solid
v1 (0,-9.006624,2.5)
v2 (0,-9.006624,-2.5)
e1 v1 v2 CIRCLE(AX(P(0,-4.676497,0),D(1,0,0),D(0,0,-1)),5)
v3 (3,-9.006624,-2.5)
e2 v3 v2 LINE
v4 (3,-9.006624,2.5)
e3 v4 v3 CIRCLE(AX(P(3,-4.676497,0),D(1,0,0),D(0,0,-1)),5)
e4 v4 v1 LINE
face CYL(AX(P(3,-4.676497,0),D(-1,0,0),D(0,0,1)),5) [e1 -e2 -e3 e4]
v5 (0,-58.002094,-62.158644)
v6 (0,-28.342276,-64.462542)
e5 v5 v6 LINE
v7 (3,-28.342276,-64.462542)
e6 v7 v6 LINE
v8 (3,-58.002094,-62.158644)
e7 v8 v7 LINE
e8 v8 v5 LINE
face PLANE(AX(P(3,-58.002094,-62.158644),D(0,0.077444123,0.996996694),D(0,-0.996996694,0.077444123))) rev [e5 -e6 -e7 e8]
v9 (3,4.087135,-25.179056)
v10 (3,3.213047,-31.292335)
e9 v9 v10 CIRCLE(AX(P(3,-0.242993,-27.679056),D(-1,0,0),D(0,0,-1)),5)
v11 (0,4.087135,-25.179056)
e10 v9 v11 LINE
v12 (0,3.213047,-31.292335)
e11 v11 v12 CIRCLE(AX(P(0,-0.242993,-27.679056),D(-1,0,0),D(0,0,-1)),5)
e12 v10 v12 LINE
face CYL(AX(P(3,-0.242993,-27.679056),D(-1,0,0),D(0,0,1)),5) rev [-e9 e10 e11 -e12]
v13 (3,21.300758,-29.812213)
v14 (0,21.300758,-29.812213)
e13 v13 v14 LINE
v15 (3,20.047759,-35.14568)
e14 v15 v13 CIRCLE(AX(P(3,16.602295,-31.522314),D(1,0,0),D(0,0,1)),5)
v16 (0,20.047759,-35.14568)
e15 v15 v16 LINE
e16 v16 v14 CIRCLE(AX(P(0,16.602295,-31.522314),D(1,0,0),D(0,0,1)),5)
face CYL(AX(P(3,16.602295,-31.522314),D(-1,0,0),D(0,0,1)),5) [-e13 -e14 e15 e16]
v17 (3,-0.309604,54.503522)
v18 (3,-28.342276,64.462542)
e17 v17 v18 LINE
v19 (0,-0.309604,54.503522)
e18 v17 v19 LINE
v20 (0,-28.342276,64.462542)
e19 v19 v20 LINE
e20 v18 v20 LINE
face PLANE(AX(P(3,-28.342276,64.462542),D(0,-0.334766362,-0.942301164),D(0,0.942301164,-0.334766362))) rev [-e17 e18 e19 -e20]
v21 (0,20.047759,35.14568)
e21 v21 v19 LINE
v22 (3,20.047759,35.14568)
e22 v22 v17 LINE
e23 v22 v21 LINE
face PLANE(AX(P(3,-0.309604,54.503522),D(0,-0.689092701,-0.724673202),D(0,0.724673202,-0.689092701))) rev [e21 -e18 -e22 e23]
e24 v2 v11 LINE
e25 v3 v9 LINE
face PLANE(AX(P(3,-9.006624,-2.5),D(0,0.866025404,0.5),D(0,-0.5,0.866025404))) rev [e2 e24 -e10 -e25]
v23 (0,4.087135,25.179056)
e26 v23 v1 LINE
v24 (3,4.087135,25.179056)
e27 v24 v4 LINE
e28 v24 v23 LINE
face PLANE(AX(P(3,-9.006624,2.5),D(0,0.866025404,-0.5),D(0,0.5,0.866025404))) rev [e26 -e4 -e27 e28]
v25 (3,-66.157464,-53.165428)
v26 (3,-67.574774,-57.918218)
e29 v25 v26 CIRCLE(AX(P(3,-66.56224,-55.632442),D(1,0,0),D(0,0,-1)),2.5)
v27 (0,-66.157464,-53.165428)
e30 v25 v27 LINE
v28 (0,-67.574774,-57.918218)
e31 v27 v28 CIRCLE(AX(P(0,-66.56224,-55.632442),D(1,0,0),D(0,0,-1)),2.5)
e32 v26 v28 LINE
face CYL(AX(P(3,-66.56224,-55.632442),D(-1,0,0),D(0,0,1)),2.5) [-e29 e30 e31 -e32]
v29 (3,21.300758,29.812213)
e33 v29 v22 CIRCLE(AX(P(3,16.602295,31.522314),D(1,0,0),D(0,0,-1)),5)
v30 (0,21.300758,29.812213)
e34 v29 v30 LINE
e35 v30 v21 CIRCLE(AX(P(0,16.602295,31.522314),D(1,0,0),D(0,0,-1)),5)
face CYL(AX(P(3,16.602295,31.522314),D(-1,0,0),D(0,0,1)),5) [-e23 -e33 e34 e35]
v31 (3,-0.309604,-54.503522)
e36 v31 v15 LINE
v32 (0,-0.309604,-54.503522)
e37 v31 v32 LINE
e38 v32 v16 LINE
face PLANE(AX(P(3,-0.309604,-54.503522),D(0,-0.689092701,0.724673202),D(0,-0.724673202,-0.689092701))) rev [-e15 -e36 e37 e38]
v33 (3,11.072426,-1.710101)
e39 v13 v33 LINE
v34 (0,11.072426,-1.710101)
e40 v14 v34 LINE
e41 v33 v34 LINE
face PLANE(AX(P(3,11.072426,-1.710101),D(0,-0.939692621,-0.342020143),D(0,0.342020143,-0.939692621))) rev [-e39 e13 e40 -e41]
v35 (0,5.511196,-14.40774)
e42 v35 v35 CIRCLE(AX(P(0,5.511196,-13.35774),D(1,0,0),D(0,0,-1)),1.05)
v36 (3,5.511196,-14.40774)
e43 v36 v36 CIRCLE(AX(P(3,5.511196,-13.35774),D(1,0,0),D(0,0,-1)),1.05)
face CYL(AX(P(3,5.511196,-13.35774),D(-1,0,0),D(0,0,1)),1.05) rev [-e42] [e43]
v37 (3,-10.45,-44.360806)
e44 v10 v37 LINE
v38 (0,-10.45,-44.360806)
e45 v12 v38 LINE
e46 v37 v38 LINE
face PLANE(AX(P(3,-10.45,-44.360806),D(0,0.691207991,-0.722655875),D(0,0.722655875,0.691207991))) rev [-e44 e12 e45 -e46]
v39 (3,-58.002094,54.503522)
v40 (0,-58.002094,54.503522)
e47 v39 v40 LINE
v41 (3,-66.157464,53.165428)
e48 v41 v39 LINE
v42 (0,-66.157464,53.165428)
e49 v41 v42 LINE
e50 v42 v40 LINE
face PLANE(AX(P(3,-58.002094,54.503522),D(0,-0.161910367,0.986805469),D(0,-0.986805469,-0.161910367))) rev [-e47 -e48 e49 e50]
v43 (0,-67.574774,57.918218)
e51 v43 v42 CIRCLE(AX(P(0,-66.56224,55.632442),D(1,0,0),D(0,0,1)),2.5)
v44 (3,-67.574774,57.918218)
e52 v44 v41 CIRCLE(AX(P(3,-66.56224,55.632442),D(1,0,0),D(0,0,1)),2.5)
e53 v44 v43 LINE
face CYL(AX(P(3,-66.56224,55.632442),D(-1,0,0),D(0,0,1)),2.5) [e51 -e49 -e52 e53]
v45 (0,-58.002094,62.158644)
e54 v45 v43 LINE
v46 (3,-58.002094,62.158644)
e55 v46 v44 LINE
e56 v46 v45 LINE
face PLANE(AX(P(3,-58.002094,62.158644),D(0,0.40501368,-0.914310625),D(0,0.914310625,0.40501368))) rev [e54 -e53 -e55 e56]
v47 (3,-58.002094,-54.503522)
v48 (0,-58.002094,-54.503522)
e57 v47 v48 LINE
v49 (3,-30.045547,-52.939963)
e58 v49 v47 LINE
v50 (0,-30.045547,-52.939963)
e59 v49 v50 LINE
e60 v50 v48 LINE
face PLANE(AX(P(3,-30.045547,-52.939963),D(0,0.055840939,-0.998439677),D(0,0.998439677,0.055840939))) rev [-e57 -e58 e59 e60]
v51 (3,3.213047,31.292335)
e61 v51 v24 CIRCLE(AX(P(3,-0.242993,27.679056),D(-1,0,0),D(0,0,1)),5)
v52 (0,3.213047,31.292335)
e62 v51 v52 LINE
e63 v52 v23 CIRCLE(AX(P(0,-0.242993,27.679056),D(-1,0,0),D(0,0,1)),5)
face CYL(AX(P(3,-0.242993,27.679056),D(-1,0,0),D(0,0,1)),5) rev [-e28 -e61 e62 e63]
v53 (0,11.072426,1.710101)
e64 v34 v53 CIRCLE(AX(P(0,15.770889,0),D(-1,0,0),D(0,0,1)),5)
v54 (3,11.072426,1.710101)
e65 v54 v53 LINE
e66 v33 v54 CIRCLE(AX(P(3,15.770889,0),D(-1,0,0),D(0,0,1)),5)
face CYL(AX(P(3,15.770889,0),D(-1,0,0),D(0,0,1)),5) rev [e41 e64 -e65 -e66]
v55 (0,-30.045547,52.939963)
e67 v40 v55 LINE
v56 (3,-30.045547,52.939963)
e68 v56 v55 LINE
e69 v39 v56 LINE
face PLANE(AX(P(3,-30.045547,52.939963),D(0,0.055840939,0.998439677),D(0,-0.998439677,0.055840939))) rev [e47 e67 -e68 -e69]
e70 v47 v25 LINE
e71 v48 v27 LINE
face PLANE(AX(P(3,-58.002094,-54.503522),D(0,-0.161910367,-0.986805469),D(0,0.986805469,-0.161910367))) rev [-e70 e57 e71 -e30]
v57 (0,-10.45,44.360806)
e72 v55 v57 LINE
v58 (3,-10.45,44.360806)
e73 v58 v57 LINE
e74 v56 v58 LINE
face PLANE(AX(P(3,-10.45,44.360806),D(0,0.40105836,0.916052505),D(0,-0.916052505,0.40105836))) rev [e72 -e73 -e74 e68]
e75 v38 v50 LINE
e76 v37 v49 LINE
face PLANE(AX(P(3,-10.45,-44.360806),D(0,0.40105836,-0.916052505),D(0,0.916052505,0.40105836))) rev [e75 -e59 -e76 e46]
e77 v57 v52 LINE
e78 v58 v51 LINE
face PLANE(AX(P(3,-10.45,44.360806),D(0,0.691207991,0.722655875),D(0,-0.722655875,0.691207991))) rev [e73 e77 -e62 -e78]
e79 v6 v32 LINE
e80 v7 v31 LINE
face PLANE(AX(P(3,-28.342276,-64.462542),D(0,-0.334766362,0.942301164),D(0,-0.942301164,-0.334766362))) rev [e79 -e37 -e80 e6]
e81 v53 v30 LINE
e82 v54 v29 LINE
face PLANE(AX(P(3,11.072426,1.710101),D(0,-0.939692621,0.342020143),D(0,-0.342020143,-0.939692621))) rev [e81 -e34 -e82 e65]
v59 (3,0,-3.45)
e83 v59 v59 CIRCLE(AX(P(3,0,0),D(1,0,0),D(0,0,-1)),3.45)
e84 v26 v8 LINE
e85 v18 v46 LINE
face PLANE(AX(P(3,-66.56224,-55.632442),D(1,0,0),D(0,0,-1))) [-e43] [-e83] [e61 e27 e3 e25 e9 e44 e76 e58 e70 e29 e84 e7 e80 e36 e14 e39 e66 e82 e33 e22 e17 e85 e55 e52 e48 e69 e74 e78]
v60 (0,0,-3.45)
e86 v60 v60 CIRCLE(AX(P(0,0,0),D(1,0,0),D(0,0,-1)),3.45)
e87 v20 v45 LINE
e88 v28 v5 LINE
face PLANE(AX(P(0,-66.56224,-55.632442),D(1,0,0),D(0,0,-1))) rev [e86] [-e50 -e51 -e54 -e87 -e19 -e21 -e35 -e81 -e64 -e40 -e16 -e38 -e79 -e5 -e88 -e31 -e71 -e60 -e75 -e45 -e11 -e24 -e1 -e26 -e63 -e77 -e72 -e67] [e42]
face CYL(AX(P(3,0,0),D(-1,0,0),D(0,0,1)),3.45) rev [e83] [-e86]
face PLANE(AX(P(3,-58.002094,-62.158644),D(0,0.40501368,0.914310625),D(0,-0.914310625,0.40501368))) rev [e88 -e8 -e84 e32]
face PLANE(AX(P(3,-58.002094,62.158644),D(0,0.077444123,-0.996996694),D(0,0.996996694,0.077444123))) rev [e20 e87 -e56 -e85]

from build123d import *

# Parameters (mm, degrees)
SKETCH1_R           = 3.45
SKETCH1_R_2         = 1.05
BOSS_EXTRUDE1_DEPTH = 3


with BuildPart() as part:
    # Sketch1 → Boss-Extrude1 (new body)
    with BuildSketch(Plane(origin=(0, 0, 0), x_dir=(0, 0, -1), z_dir=(1, 0, 0))):
        with BuildLine():
            Line((1.710100717, 11.072425758), (29.81221294, 21.300758128))
            ThreePointArc((29.81221294, 21.300758128), (32.665838041, 21.469774041), (35.145679665, 20.04775853))
            Line((35.145679665, 20.04775853), (54.503522355, -0.309603856))
            Line((54.503522355, -0.309603856), (64.462541824, -28.342275903))
            Line((64.462541824, -28.342275903), (62.158643896, -58.002094263))
            Line((62.158643896, -58.002094263), (57.918218143, -67.574774191))
            ThreePointArc((57.918218143, -67.574774191), (54.918016136, -68.957985447), (53.165427908, -66.157464075))
            Line((53.165427908, -66.157464075), (54.503522355, -58.002094263))
            Line((54.503522355, -58.002094263), (52.939962821, -30.04554677))
            Line((52.939962821, -30.04554677), (44.360806264, -10.45))
            Line((44.360806264, -10.45), (31.292334945, 3.213047447))
            ThreePointArc((31.292334945, 3.213047447), (28.386766522, 4.706668614), (25.179055571, 4.087134512))
            Line((25.179055571, 4.087134512), (2.5, -9.006624327))
            ThreePointArc((2.5, -9.006624327), (0, -9.676497308), (-2.5, -9.006624327))
            Line((-2.5, -9.006624327), (-25.179055571, 4.087134512))
            ThreePointArc((-25.179055571, 4.087134512), (-28.386766522, 4.706668614), (-31.292334945, 3.213047447))
            Line((-31.292334945, 3.213047447), (-44.360806264, -10.45))
            Line((-44.360806264, -10.45), (-52.939962821, -30.04554677))
            Line((-52.939962821, -30.04554677), (-54.503522355, -58.002094263))
            Line((-54.503522355, -58.002094263), (-53.165427908, -66.157464075))
            ThreePointArc((-53.165427908, -66.157464075), (-54.918016136, -68.957985447), (-57.918218143, -67.574774191))
            Line((-57.918218143, -67.574774191), (-62.158643896, -58.002094263))
            Line((-62.158643896, -58.002094263), (-64.462541824, -28.342275903))
            Line((-64.462541824, -28.342275903), (-54.503522355, -0.309603856))
            Line((-54.503522355, -0.309603856), (-35.145679665, 20.04775853))
            ThreePointArc((-35.145679665, 20.04775853), (-32.665838041, 21.469774041), (-29.81221294, 21.300758128))
            Line((-29.81221294, 21.300758128), (-1.710100717, 11.072425758))
            ThreePointArc((-1.710100717, 11.072425758), (0, 10.770888862), (1.710100717, 11.072425758))
        make_face()
        Circle(SKETCH1_R, mode=Mode.SUBTRACT)
        with Locations((13.357740048, 5.51119595)):
            Circle(SKETCH1_R_2, mode=Mode.SUBTRACT)
    extrude(amount=BOSS_EXTRUDE1_DEPTH)


solid = part.part
